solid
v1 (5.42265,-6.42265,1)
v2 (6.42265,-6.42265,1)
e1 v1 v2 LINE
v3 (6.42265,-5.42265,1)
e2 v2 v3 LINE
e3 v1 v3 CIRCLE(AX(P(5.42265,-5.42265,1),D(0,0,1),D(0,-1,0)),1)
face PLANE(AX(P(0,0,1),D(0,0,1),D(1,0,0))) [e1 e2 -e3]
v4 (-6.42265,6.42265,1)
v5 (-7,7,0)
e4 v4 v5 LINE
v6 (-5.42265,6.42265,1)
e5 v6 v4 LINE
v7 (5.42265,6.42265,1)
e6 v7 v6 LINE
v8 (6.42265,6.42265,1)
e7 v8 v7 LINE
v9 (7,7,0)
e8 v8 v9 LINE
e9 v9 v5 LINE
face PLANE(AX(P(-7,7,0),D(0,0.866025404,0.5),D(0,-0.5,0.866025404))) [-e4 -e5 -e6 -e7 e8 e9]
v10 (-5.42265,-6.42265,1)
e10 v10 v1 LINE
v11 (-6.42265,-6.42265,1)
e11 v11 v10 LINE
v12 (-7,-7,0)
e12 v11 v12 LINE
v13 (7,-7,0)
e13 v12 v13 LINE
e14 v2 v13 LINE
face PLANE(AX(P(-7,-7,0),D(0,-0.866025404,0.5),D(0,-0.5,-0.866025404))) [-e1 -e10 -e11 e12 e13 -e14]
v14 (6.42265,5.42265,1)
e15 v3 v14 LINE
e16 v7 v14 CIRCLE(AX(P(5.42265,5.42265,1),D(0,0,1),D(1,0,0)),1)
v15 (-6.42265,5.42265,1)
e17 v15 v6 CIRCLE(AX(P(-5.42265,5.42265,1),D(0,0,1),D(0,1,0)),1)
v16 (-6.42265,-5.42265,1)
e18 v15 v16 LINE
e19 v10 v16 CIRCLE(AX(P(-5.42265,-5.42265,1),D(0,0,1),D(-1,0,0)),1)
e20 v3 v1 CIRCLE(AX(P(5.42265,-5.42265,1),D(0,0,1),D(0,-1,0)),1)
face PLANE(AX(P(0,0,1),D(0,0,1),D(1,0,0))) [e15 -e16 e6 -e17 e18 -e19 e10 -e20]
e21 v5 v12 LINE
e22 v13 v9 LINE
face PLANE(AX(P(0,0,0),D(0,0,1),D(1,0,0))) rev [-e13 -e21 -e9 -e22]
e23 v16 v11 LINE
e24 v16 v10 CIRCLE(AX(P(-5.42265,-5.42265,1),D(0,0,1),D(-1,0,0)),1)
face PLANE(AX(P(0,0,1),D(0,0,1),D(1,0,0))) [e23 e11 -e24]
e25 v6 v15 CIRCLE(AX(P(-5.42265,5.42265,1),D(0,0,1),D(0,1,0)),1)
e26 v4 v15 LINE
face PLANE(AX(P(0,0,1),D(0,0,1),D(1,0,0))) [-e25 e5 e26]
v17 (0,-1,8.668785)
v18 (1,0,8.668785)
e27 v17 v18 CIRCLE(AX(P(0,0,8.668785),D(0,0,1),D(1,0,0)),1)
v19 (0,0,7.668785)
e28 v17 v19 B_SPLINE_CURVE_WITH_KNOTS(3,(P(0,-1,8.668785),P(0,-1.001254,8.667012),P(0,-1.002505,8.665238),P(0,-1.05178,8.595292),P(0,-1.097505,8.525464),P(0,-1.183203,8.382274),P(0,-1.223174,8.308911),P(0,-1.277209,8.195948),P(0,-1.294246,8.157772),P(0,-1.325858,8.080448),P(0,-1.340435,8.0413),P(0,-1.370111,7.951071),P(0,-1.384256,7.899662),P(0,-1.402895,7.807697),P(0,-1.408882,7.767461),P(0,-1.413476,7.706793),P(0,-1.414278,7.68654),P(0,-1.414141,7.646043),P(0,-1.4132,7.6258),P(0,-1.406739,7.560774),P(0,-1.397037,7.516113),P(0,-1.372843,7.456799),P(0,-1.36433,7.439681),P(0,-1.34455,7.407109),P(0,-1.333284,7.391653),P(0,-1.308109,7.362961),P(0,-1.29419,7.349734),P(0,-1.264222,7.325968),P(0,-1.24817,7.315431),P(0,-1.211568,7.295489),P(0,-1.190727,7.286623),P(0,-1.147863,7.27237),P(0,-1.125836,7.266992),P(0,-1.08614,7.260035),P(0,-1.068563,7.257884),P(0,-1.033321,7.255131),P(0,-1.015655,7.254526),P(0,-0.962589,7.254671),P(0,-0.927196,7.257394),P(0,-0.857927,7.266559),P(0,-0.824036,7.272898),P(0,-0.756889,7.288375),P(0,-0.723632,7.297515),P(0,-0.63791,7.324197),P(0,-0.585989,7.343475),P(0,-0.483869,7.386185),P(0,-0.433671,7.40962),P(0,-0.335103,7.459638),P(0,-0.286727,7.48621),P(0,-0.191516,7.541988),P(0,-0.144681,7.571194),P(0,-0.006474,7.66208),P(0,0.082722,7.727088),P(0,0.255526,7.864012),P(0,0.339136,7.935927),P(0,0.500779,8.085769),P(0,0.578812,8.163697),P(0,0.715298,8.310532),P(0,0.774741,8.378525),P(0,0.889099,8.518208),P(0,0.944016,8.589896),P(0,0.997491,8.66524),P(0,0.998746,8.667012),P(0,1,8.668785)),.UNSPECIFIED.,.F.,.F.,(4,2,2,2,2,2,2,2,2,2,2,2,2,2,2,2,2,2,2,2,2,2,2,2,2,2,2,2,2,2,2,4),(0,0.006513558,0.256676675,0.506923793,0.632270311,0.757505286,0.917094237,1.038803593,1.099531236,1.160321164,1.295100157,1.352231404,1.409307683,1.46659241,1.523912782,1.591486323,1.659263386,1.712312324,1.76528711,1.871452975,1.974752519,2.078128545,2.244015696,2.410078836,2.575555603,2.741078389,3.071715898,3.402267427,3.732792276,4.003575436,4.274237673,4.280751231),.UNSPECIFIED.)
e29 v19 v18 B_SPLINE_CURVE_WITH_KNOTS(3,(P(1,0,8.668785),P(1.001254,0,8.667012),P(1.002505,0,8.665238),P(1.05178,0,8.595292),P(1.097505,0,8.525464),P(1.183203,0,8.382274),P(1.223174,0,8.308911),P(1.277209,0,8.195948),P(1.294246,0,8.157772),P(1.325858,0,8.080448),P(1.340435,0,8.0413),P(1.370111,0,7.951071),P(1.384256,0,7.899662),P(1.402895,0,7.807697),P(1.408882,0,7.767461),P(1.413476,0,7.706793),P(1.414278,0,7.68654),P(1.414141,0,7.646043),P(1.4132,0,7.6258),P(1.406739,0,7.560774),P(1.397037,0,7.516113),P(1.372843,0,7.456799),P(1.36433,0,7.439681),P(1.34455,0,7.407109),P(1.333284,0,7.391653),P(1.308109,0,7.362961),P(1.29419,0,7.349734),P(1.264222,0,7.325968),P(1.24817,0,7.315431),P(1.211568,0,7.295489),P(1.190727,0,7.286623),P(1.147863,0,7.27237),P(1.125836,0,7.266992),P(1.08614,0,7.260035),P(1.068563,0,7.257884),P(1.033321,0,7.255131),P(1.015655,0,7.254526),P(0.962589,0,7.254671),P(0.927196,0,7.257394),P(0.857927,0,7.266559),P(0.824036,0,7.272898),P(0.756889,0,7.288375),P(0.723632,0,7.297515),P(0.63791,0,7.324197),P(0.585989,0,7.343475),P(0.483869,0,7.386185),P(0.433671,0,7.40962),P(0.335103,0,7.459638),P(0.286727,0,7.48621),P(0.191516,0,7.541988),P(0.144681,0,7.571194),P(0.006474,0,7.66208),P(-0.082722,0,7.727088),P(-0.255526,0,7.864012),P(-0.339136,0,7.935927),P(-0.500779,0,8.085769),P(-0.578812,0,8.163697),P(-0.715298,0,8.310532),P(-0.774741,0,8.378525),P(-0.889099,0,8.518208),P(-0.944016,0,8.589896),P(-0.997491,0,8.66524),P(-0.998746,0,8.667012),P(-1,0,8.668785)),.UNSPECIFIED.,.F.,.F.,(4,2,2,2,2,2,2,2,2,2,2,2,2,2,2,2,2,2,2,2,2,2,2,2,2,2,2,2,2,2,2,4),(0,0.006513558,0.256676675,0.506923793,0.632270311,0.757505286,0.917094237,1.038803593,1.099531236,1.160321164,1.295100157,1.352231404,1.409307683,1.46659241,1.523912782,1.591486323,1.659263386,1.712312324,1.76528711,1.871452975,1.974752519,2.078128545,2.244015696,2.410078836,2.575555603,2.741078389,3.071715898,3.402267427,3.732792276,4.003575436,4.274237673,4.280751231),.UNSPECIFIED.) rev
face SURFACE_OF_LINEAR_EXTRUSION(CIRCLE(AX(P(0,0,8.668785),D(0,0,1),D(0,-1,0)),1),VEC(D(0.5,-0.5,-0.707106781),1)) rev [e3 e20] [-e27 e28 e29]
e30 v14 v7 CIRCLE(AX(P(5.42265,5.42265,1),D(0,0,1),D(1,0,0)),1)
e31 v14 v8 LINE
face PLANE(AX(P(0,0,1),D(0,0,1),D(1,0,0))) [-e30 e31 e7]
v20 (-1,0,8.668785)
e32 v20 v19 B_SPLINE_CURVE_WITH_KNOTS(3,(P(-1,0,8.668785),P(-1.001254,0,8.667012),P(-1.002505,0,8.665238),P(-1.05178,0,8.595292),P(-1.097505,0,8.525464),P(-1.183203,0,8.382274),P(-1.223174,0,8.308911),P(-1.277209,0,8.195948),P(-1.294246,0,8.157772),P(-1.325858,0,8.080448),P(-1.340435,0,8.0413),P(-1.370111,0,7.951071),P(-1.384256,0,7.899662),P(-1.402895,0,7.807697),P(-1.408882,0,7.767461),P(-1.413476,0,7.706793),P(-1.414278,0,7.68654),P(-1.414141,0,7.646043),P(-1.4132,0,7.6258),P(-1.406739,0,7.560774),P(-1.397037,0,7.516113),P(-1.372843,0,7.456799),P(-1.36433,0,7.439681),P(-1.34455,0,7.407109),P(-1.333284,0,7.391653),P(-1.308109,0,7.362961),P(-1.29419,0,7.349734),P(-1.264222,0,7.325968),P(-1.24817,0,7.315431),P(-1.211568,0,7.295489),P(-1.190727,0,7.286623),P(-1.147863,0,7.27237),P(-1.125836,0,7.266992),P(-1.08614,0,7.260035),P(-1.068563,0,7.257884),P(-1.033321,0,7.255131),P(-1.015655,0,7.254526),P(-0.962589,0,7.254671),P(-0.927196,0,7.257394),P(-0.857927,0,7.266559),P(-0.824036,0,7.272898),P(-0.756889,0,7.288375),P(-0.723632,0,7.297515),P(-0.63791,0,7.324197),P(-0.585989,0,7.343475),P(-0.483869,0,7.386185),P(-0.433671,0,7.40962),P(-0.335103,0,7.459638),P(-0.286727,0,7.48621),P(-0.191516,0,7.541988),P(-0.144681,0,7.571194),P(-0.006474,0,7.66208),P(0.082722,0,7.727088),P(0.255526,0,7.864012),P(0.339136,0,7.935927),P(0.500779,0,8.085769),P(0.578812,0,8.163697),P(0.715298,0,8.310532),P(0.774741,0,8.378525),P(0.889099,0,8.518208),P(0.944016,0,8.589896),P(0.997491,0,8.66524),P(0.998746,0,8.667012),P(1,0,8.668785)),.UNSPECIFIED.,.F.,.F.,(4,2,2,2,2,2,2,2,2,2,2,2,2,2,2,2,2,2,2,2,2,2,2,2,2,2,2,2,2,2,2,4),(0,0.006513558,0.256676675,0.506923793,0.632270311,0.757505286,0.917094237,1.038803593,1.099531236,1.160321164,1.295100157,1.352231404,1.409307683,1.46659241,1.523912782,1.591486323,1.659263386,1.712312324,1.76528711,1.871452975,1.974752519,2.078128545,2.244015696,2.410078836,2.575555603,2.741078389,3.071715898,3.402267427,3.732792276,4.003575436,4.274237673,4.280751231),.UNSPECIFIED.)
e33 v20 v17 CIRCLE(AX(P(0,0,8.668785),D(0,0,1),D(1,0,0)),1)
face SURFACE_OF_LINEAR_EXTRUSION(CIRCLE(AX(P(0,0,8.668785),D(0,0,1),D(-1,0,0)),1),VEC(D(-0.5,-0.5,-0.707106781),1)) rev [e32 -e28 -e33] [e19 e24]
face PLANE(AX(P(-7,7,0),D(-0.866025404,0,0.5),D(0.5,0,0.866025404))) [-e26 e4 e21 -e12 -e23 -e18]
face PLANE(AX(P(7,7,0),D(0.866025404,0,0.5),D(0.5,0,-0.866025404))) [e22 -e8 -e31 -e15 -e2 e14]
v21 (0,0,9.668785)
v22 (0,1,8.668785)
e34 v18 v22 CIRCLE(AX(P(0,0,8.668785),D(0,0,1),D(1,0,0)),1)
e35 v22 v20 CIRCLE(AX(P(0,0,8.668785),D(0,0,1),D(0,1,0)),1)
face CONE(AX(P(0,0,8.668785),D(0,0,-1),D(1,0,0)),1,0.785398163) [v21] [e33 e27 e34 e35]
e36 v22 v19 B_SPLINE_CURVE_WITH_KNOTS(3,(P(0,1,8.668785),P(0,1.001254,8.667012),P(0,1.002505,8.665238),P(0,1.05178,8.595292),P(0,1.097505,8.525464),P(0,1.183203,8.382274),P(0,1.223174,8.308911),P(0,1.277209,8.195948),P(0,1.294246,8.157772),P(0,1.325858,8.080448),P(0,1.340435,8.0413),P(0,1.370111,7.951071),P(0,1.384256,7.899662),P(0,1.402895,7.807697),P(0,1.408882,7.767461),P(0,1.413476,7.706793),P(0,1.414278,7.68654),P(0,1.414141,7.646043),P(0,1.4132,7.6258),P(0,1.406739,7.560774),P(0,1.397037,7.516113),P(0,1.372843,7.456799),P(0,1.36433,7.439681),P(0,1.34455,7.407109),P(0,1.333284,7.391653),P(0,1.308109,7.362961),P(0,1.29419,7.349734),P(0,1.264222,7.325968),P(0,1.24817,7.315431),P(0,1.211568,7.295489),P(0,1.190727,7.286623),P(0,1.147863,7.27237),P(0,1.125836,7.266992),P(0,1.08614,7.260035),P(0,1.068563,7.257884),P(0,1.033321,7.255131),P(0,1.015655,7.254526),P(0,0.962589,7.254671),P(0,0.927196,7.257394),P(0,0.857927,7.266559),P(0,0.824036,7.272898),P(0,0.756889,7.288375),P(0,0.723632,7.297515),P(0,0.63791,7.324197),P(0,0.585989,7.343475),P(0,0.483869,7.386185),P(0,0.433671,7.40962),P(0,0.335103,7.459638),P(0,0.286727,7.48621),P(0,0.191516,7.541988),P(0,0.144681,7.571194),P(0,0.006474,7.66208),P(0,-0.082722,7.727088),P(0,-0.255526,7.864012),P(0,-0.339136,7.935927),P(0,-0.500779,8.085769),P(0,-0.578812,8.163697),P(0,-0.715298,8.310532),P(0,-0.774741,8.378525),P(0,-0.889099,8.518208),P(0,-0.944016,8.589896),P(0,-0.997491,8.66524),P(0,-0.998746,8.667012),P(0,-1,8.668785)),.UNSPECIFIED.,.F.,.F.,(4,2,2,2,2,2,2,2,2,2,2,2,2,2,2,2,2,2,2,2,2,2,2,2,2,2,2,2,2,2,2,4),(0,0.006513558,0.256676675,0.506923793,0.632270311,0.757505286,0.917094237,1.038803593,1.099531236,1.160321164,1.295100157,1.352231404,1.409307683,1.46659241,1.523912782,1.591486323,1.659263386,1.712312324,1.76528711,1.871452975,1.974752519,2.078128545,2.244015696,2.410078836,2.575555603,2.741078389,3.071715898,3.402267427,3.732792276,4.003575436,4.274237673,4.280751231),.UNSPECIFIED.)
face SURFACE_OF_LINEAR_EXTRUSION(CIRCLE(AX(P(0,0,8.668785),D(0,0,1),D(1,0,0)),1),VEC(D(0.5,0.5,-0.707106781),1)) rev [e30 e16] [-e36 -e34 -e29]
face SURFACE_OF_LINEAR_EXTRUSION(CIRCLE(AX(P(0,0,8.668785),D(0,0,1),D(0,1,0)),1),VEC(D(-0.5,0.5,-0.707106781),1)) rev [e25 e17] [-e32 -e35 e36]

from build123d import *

# Parameters (mm, degrees)
SKETCH1_W           = 14
SKETCH1_H           = 14
BOSS_EXTRUDE1_DEPTH = 1
BOSS_EXTRUDE1_TAPER = 30
SKETCH2_R           = 1
CIRPATTERN1_COUNT   = 4
SKETCH4_R           = 1
BOSS_EXTRUDE2_DEPTH = 10
BOSS_EXTRUDE2_TAPER = 45


with BuildPart() as part:
    # Sketch1 → Boss-Extrude1 (new body)
    with BuildSketch(Plane.XY):
        Rectangle(SKETCH1_W, SKETCH1_H)
    extrude(amount=BOSS_EXTRUDE1_DEPTH, taper=BOSS_EXTRUDE1_TAPER)

    # Sweep1: sweep along a path in Sketch3
    with BuildLine(Plane(origin=(0, 0, 0), x_dir=(0, 0, -1), z_dir=(0.707106781, -0.707106781, 0))) as sweep1_path:
        Line((-1, 7.668784793), (-8.668784793, 0))
    # Sketch2 → Sweep1 (sweep)
    with BuildSketch(Plane.XY.offset(1)):
        with Locations((5.422649731, 5.422649731)):
            Circle(SKETCH2_R)
    sweep1 = sweep(path=sweep1_path.line)

    # CirPattern1: Sweep1 ×4 about axis
    cirpattern1_axis = Axis((0, 0, -4.23184126), (0, 0, 1))
    for i in range(1, CIRPATTERN1_COUNT):
        add(sweep1.rotate(cirpattern1_axis, i * 360 / CIRPATTERN1_COUNT))

    # Sketch4 → Boss-Extrude2 (add)
    with BuildSketch(Plane.XY.offset(8.668784793)):
        Circle(SKETCH4_R)
    extrude(amount=BOSS_EXTRUDE2_DEPTH, taper=BOSS_EXTRUDE2_TAPER)


solid = part.part
